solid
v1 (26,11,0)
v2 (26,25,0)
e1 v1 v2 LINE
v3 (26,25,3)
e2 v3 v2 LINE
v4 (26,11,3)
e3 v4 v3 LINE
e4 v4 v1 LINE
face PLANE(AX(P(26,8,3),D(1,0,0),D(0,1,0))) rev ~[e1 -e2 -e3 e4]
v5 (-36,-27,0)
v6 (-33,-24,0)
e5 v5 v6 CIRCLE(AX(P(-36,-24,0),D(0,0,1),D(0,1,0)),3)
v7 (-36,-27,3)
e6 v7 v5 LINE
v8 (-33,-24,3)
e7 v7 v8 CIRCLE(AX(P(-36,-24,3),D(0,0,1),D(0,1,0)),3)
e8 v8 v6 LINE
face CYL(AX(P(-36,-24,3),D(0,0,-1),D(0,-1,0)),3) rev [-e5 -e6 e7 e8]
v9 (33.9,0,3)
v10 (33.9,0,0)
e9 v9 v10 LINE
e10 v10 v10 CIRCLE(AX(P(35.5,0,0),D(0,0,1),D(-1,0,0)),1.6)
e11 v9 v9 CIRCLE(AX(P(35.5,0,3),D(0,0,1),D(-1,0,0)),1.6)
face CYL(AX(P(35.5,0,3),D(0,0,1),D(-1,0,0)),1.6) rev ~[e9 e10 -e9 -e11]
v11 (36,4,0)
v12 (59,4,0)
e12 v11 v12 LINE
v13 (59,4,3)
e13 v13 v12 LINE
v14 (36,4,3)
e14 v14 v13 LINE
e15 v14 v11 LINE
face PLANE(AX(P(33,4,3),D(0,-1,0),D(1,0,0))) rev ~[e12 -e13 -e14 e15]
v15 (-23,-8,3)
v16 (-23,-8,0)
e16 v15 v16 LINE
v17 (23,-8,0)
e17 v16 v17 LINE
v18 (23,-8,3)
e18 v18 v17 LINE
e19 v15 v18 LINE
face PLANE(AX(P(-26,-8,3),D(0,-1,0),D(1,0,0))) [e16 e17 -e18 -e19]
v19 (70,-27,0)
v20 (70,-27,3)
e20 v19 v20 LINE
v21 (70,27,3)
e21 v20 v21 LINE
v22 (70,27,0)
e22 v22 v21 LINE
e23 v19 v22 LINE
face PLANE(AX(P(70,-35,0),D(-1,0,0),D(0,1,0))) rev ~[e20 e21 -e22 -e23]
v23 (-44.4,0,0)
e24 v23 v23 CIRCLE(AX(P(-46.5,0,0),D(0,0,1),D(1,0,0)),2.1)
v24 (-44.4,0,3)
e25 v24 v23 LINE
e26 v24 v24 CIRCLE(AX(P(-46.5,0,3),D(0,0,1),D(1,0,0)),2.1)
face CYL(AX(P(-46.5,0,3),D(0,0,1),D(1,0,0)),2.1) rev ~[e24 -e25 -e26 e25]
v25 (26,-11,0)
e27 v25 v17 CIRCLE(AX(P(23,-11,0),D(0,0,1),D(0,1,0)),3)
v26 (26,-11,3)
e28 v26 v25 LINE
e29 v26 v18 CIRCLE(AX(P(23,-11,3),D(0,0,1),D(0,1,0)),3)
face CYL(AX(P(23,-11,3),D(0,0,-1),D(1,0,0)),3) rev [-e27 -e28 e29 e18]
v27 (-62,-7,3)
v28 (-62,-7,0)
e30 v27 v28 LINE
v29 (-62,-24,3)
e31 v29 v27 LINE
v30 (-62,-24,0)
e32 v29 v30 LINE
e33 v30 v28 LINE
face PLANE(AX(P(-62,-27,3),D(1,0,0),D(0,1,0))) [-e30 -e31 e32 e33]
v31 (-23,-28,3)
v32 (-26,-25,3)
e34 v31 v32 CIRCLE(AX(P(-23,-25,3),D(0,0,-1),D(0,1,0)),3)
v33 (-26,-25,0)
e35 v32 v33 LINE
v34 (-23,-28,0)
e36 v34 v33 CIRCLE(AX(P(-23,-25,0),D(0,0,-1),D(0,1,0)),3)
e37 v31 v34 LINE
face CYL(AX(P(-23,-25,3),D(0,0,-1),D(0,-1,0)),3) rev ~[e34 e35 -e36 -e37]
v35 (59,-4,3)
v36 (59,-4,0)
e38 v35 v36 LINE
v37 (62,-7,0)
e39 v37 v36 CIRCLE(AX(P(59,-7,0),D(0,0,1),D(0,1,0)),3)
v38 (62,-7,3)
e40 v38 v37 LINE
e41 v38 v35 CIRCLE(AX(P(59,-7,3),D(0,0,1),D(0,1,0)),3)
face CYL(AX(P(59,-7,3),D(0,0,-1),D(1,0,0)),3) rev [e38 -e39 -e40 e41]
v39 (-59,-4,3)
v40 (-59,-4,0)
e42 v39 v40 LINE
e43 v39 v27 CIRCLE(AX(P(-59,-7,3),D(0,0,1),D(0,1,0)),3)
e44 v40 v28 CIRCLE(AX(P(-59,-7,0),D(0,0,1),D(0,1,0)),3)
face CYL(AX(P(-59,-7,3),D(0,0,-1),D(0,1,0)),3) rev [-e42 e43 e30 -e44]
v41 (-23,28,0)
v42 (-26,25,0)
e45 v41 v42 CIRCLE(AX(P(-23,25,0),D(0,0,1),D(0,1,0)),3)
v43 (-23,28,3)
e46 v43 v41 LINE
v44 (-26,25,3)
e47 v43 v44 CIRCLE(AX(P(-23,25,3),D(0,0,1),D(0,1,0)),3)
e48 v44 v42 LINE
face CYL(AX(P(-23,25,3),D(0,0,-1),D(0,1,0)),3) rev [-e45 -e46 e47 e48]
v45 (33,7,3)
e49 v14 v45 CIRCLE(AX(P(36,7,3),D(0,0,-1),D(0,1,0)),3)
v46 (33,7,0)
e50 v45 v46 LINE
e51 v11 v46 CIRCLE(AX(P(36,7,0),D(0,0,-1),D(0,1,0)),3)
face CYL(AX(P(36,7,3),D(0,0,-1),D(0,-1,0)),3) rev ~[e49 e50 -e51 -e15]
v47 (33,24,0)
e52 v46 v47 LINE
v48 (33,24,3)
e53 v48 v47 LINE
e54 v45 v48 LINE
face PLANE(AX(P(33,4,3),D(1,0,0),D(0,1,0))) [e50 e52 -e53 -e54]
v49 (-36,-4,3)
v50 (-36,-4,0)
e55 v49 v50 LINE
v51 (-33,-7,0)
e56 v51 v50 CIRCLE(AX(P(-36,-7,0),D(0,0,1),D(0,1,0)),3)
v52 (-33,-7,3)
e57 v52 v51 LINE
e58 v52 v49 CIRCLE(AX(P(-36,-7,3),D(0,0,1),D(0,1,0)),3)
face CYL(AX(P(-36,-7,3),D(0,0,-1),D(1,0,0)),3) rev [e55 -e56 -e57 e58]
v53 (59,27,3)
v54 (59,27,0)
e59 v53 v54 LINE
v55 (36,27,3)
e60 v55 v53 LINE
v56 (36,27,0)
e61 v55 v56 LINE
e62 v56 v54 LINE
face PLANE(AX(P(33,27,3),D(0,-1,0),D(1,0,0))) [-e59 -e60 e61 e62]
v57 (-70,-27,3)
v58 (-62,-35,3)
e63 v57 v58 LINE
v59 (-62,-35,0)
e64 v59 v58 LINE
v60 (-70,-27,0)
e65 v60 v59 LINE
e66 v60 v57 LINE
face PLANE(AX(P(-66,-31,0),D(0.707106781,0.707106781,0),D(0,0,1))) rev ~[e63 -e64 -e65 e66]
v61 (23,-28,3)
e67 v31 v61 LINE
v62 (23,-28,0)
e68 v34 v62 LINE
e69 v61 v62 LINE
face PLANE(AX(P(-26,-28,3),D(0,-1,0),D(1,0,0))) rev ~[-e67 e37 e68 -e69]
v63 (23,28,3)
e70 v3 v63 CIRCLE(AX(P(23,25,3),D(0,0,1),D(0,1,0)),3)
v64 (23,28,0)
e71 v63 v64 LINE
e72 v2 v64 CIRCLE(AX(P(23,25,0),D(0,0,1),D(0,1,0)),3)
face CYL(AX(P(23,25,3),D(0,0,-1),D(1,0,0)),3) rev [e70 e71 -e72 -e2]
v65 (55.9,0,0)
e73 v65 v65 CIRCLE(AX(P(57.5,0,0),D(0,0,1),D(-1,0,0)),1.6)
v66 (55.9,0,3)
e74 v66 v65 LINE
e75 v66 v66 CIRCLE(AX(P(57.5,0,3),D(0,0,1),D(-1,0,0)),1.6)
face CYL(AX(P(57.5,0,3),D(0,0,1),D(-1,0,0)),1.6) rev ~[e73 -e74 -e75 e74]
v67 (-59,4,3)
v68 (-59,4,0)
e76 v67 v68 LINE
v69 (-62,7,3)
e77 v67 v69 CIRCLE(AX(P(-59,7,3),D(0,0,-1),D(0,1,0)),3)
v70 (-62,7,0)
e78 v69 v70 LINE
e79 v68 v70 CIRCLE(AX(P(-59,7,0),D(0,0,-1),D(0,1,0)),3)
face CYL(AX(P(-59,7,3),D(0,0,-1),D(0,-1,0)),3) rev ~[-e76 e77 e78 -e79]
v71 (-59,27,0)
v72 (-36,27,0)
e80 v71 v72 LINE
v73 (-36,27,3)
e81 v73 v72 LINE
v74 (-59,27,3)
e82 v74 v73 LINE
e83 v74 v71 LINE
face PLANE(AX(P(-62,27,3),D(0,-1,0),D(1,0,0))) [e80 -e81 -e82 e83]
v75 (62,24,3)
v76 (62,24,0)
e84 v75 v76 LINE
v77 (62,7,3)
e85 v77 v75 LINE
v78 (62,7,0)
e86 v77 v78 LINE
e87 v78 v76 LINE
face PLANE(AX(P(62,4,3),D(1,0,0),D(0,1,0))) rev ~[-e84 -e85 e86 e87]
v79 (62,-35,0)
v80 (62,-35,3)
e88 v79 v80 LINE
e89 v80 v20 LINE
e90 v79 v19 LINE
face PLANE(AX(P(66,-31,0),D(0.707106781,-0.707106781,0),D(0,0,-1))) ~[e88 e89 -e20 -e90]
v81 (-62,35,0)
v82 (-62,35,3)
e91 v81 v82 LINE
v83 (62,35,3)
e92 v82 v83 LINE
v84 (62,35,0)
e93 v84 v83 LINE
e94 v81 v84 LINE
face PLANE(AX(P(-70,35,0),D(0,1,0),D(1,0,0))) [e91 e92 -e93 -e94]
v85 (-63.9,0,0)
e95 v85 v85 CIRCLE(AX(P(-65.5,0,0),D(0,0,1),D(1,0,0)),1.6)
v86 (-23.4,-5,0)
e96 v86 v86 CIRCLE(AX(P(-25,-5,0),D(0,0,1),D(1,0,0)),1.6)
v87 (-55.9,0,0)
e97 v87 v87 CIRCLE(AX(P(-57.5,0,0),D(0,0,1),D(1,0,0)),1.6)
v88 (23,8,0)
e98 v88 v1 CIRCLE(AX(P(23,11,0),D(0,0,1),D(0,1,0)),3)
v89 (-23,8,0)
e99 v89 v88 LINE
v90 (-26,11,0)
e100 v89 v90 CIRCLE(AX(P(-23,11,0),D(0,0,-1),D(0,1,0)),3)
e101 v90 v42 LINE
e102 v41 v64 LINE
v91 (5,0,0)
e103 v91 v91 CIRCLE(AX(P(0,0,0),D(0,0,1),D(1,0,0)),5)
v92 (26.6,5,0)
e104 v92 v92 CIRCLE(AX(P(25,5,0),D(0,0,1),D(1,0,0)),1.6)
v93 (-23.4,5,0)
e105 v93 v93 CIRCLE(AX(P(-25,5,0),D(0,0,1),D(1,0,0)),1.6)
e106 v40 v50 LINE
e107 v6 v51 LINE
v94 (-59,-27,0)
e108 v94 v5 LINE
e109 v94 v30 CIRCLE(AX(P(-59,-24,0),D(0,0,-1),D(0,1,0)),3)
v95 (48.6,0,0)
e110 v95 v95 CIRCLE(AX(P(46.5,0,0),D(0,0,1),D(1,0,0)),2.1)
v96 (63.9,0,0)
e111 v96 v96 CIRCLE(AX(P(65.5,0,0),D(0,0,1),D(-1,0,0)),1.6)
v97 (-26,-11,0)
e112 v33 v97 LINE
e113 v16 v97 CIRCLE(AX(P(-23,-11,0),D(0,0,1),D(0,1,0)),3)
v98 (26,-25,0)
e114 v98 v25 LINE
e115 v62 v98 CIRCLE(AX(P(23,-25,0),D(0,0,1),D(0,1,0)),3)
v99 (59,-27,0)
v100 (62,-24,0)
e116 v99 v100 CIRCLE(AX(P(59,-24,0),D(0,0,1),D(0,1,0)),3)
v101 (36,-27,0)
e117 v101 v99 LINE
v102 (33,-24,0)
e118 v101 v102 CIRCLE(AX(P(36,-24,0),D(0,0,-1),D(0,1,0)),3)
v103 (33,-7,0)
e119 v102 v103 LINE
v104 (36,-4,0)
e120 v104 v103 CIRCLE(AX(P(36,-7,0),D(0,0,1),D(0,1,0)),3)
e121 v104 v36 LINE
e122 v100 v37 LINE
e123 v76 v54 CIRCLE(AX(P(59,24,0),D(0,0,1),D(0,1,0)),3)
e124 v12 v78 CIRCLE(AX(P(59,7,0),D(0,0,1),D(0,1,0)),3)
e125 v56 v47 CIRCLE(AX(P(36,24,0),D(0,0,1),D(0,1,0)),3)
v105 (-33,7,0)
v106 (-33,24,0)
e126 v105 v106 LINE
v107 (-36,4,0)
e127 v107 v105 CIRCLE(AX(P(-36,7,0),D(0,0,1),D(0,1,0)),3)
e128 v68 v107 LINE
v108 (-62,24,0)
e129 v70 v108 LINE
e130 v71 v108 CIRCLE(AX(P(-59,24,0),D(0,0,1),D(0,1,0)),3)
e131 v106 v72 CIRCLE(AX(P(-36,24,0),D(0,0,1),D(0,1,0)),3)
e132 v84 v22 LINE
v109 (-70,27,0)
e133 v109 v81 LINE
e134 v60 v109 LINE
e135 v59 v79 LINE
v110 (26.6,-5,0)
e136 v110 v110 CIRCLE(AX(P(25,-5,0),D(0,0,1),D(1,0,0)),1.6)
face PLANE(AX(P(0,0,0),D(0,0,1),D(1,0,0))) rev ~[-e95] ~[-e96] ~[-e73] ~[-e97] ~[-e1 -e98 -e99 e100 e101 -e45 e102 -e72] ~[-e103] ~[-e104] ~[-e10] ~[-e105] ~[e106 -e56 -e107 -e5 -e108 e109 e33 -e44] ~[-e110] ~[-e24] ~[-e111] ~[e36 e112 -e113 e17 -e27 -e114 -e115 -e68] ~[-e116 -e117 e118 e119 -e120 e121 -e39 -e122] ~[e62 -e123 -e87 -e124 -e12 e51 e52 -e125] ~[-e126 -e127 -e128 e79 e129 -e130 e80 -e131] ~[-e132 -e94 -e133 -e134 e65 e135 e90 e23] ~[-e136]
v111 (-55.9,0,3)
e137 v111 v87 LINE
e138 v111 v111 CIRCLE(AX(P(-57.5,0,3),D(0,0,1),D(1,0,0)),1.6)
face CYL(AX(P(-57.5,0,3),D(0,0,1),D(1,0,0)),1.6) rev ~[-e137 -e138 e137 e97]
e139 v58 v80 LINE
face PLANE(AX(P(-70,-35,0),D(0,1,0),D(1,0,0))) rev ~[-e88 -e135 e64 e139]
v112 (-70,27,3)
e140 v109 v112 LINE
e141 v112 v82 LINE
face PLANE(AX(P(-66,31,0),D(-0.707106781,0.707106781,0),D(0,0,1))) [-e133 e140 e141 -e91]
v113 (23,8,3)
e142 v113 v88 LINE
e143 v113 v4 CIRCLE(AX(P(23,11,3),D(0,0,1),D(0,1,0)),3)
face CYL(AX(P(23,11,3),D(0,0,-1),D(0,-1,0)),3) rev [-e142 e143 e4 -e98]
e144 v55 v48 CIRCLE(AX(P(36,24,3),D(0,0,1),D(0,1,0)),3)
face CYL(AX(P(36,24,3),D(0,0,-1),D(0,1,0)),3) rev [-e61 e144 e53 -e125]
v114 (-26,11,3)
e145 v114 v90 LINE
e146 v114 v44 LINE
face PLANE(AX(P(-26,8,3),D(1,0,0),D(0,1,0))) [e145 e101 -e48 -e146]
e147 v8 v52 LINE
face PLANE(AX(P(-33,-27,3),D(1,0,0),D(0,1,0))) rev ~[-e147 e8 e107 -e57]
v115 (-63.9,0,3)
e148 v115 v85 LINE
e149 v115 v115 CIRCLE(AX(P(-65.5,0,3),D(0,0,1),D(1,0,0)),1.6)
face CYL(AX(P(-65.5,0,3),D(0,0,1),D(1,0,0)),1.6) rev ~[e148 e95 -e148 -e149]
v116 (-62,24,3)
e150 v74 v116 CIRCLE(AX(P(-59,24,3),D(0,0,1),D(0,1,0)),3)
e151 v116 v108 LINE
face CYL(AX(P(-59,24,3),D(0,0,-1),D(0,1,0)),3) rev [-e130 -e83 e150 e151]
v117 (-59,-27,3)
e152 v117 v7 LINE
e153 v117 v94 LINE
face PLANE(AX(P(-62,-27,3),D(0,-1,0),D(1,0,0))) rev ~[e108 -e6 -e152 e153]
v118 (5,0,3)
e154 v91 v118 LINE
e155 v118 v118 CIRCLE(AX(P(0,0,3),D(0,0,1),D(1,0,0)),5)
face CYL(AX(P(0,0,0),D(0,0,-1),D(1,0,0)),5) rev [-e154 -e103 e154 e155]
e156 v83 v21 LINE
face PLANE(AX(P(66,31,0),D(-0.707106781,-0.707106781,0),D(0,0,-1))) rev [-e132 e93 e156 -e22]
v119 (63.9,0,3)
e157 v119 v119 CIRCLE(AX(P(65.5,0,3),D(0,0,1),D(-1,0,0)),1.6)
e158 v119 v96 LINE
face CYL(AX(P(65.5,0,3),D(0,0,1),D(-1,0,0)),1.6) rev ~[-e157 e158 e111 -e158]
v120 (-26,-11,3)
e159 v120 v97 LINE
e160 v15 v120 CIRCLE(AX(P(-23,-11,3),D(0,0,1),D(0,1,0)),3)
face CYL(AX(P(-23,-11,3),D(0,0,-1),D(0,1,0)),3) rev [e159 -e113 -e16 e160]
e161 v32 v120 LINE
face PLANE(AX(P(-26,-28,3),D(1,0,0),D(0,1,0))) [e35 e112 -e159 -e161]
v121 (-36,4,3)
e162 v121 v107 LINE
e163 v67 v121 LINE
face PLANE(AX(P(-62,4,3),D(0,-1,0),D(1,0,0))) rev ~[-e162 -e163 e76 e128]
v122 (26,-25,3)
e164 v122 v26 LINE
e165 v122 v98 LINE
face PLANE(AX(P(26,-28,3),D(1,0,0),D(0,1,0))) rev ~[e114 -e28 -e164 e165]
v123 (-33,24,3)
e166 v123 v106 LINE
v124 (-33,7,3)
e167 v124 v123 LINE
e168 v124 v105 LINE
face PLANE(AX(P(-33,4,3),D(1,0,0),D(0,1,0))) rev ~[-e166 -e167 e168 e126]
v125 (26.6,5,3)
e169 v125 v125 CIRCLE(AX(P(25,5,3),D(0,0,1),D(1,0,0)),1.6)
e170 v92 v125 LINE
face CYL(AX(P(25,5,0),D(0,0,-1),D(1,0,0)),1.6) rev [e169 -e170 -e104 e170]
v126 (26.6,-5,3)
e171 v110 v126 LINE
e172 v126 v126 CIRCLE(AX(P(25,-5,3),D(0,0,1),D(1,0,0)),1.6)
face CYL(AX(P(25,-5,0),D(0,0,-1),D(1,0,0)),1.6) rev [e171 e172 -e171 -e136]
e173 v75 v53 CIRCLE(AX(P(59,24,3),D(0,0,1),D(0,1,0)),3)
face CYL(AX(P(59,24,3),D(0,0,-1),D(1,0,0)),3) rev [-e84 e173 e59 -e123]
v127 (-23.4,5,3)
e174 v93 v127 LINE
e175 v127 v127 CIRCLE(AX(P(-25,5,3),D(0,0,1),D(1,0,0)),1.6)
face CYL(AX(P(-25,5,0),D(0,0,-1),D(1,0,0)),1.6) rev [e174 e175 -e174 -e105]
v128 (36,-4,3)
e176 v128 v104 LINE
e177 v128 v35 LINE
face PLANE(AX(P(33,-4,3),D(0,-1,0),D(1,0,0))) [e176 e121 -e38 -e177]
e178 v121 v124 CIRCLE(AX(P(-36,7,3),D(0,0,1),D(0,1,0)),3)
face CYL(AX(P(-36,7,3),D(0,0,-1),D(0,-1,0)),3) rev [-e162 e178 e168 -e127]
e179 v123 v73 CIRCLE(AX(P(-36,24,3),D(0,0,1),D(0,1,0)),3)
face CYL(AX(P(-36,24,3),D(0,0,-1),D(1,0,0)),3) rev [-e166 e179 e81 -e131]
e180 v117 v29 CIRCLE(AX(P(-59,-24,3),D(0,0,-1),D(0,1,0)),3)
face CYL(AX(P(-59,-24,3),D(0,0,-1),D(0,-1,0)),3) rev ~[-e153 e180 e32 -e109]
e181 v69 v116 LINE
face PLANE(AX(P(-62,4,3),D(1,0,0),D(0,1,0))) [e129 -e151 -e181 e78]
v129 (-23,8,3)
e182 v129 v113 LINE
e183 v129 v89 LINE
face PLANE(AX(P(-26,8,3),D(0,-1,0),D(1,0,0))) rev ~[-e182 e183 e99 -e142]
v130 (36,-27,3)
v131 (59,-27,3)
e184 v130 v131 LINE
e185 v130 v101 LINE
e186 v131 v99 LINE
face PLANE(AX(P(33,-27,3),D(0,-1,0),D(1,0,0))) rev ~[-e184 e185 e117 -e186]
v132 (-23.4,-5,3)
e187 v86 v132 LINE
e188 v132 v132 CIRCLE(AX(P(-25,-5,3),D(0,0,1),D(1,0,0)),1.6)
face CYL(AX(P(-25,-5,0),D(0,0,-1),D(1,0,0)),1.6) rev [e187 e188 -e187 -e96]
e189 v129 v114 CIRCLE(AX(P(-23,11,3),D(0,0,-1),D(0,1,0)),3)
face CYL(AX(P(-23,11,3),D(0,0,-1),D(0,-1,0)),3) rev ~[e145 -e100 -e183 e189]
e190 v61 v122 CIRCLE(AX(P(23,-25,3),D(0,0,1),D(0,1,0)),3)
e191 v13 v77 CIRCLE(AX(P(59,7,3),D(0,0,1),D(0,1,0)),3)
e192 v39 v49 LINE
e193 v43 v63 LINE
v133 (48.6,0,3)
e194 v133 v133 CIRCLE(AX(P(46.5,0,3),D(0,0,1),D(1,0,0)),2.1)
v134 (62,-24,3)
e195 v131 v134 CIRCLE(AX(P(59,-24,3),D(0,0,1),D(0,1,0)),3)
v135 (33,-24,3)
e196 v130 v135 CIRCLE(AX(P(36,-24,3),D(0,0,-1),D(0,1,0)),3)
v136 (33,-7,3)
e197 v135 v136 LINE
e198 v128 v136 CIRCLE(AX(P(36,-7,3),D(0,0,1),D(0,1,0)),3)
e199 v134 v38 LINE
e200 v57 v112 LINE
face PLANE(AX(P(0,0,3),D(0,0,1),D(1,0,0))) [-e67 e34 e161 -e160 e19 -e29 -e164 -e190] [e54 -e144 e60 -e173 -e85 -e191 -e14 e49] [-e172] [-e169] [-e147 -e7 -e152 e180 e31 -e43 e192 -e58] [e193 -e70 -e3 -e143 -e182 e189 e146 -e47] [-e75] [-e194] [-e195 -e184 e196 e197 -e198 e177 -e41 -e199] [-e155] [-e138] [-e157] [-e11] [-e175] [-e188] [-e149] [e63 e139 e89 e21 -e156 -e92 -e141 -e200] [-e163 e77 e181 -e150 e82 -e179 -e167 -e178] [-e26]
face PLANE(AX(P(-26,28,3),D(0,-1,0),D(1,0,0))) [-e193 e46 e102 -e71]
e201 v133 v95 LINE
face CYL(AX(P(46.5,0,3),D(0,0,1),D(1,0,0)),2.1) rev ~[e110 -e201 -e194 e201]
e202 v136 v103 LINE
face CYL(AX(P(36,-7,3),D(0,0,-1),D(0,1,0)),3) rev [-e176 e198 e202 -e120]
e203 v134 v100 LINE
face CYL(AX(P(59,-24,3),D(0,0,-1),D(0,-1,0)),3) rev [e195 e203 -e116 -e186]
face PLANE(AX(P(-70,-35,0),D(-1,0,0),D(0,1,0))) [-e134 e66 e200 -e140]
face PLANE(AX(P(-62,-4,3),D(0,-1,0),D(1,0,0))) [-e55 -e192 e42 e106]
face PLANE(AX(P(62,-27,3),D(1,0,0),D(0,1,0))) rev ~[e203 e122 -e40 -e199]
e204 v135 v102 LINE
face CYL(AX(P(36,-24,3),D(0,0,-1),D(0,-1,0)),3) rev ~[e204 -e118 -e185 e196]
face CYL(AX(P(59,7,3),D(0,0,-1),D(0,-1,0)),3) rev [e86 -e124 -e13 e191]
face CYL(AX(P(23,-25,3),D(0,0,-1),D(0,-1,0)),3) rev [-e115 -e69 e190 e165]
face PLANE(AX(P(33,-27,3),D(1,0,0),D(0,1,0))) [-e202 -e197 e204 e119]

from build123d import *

# Parameters (mm, degrees)
SKETCH_1_W          = 140
SKETCH_1_H          = 70
SKETCH_1_R          = 1.6
SKETCH_1_R_2        = 5
EXTRUDE_1_DEPTH     = 3
SKETCH_2_W          = 29
SKETCH_2_H          = 23
SKETCH_2_W_2        = 52
SKETCH_2_H_2        = 20
CUT_EXTRUDE_1_DEPTH = 79.319856997
FILLET_1_R          = 3
CHAMFER_1_SIZE      = 8
SKETCH_3_R          = 2.1
SKETCH_3_R_2        = 1.6
CUT_EXTRUDE_2_DEPTH = 79.319856997


with BuildPart() as part:
    # 草图1 → 凸台-拉伸1 (new body)
    with BuildSketch(Plane.XY):
        Rectangle(SKETCH_1_W, SKETCH_1_H)
        with Locations((-25, 5)):
            Circle(SKETCH_1_R, mode=Mode.SUBTRACT)
        with Locations((25, 5)):
            Circle(SKETCH_1_R, mode=Mode.SUBTRACT)
        with Locations((-25, -5)):
            Circle(SKETCH_1_R, mode=Mode.SUBTRACT)
        with Locations((25, -5)):
            Circle(SKETCH_1_R, mode=Mode.SUBTRACT)
        Circle(SKETCH_1_R_2, mode=Mode.SUBTRACT)
    extrude(amount=EXTRUDE_1_DEPTH)

    # 草图2 → 切除-拉伸1 (cut, through all)
    with BuildSketch(Plane.XY.offset(3)):
        with Locations((-47.5, 15.5)):
            Rectangle(SKETCH_2_W, SKETCH_2_H)
        with Locations((-47.5, -15.5)):
            Rectangle(SKETCH_2_W, SKETCH_2_H)
        with Locations((47.5, -15.5)):
            Rectangle(SKETCH_2_W, SKETCH_2_H)
        with Locations((47.5, 15.5)):
            Rectangle(SKETCH_2_W, SKETCH_2_H)
        with Locations((0, 18)):
            Rectangle(SKETCH_2_W_2, SKETCH_2_H_2)
        with Locations((0, -18)):
            Rectangle(SKETCH_2_W_2, SKETCH_2_H_2)
    extrude(amount=-CUT_EXTRUDE_1_DEPTH, mode=Mode.SUBTRACT)

    # 圆角1
    fillet_1_edges = [part.edges().sort_by_distance(p)[0] for p in [
        (-62, -27, 1.5),
        (-62, -4, 1.5),
        (-33, -4, 1.5),
        (-33, -27, 1.5),
        (26, 28, 1.5),
        (26, 8, 1.5),
        (-26, 8, 1.5),
        (-26, 28, 1.5),
        (62, -4, 1.5),
        (62, -27, 1.5),
        (33, -27, 1.5),
        (33, -4, 1.5),
        (62, 27, 1.5),
        (62, 4, 1.5),
        (33, 4, 1.5),
        (33, 27, 1.5),
        (26, -8, 1.5),
        (26, -28, 1.5),
        (-26, -28, 1.5),
        (-26, -8, 1.5),
        (-62, 4, 1.5),
        (-62, 27, 1.5),
        (-33, 27, 1.5),
        (-33, 4, 1.5),
    ]]
    fillet(fillet_1_edges, radius=FILLET_1_R)

    # 倒角1
    chamfer_1_edges = [part.edges().sort_by_distance(p)[0] for p in [
        (-70, 35, 1.5),
        (70, 35, 1.5),
        (70, -35, 1.5),
        (-70, -35, 1.5),
    ]]
    chamfer(chamfer_1_edges, length=CHAMFER_1_SIZE)

    # 草图3 → 切除-拉伸2 (cut, through all)
    with BuildSketch(Plane.XY.offset(3)):
        with Locations((-46.5, 0)):
            Circle(SKETCH_3_R)
        with Locations((46.5, 0)):
            Circle(SKETCH_3_R)
        with Locations((-57.5, 0)):
            Circle(SKETCH_3_R_2)
        with Locations(Location((57.5, 0, 0), (0, 0, 180))):
            Circle(SKETCH_3_R_2)
        with Locations(Location((35.5, 0, 0), (0, 0, 180))):
            Circle(SKETCH_3_R_2)
        with Locations((-65.5, 0)):
            Circle(SKETCH_3_R_2)
        with Locations(Location((65.5, 0, 0), (0, 0, 180))):
            Circle(SKETCH_3_R_2)
    extrude(amount=-CUT_EXTRUDE_2_DEPTH, mode=Mode.SUBTRACT)


solid = part.part
